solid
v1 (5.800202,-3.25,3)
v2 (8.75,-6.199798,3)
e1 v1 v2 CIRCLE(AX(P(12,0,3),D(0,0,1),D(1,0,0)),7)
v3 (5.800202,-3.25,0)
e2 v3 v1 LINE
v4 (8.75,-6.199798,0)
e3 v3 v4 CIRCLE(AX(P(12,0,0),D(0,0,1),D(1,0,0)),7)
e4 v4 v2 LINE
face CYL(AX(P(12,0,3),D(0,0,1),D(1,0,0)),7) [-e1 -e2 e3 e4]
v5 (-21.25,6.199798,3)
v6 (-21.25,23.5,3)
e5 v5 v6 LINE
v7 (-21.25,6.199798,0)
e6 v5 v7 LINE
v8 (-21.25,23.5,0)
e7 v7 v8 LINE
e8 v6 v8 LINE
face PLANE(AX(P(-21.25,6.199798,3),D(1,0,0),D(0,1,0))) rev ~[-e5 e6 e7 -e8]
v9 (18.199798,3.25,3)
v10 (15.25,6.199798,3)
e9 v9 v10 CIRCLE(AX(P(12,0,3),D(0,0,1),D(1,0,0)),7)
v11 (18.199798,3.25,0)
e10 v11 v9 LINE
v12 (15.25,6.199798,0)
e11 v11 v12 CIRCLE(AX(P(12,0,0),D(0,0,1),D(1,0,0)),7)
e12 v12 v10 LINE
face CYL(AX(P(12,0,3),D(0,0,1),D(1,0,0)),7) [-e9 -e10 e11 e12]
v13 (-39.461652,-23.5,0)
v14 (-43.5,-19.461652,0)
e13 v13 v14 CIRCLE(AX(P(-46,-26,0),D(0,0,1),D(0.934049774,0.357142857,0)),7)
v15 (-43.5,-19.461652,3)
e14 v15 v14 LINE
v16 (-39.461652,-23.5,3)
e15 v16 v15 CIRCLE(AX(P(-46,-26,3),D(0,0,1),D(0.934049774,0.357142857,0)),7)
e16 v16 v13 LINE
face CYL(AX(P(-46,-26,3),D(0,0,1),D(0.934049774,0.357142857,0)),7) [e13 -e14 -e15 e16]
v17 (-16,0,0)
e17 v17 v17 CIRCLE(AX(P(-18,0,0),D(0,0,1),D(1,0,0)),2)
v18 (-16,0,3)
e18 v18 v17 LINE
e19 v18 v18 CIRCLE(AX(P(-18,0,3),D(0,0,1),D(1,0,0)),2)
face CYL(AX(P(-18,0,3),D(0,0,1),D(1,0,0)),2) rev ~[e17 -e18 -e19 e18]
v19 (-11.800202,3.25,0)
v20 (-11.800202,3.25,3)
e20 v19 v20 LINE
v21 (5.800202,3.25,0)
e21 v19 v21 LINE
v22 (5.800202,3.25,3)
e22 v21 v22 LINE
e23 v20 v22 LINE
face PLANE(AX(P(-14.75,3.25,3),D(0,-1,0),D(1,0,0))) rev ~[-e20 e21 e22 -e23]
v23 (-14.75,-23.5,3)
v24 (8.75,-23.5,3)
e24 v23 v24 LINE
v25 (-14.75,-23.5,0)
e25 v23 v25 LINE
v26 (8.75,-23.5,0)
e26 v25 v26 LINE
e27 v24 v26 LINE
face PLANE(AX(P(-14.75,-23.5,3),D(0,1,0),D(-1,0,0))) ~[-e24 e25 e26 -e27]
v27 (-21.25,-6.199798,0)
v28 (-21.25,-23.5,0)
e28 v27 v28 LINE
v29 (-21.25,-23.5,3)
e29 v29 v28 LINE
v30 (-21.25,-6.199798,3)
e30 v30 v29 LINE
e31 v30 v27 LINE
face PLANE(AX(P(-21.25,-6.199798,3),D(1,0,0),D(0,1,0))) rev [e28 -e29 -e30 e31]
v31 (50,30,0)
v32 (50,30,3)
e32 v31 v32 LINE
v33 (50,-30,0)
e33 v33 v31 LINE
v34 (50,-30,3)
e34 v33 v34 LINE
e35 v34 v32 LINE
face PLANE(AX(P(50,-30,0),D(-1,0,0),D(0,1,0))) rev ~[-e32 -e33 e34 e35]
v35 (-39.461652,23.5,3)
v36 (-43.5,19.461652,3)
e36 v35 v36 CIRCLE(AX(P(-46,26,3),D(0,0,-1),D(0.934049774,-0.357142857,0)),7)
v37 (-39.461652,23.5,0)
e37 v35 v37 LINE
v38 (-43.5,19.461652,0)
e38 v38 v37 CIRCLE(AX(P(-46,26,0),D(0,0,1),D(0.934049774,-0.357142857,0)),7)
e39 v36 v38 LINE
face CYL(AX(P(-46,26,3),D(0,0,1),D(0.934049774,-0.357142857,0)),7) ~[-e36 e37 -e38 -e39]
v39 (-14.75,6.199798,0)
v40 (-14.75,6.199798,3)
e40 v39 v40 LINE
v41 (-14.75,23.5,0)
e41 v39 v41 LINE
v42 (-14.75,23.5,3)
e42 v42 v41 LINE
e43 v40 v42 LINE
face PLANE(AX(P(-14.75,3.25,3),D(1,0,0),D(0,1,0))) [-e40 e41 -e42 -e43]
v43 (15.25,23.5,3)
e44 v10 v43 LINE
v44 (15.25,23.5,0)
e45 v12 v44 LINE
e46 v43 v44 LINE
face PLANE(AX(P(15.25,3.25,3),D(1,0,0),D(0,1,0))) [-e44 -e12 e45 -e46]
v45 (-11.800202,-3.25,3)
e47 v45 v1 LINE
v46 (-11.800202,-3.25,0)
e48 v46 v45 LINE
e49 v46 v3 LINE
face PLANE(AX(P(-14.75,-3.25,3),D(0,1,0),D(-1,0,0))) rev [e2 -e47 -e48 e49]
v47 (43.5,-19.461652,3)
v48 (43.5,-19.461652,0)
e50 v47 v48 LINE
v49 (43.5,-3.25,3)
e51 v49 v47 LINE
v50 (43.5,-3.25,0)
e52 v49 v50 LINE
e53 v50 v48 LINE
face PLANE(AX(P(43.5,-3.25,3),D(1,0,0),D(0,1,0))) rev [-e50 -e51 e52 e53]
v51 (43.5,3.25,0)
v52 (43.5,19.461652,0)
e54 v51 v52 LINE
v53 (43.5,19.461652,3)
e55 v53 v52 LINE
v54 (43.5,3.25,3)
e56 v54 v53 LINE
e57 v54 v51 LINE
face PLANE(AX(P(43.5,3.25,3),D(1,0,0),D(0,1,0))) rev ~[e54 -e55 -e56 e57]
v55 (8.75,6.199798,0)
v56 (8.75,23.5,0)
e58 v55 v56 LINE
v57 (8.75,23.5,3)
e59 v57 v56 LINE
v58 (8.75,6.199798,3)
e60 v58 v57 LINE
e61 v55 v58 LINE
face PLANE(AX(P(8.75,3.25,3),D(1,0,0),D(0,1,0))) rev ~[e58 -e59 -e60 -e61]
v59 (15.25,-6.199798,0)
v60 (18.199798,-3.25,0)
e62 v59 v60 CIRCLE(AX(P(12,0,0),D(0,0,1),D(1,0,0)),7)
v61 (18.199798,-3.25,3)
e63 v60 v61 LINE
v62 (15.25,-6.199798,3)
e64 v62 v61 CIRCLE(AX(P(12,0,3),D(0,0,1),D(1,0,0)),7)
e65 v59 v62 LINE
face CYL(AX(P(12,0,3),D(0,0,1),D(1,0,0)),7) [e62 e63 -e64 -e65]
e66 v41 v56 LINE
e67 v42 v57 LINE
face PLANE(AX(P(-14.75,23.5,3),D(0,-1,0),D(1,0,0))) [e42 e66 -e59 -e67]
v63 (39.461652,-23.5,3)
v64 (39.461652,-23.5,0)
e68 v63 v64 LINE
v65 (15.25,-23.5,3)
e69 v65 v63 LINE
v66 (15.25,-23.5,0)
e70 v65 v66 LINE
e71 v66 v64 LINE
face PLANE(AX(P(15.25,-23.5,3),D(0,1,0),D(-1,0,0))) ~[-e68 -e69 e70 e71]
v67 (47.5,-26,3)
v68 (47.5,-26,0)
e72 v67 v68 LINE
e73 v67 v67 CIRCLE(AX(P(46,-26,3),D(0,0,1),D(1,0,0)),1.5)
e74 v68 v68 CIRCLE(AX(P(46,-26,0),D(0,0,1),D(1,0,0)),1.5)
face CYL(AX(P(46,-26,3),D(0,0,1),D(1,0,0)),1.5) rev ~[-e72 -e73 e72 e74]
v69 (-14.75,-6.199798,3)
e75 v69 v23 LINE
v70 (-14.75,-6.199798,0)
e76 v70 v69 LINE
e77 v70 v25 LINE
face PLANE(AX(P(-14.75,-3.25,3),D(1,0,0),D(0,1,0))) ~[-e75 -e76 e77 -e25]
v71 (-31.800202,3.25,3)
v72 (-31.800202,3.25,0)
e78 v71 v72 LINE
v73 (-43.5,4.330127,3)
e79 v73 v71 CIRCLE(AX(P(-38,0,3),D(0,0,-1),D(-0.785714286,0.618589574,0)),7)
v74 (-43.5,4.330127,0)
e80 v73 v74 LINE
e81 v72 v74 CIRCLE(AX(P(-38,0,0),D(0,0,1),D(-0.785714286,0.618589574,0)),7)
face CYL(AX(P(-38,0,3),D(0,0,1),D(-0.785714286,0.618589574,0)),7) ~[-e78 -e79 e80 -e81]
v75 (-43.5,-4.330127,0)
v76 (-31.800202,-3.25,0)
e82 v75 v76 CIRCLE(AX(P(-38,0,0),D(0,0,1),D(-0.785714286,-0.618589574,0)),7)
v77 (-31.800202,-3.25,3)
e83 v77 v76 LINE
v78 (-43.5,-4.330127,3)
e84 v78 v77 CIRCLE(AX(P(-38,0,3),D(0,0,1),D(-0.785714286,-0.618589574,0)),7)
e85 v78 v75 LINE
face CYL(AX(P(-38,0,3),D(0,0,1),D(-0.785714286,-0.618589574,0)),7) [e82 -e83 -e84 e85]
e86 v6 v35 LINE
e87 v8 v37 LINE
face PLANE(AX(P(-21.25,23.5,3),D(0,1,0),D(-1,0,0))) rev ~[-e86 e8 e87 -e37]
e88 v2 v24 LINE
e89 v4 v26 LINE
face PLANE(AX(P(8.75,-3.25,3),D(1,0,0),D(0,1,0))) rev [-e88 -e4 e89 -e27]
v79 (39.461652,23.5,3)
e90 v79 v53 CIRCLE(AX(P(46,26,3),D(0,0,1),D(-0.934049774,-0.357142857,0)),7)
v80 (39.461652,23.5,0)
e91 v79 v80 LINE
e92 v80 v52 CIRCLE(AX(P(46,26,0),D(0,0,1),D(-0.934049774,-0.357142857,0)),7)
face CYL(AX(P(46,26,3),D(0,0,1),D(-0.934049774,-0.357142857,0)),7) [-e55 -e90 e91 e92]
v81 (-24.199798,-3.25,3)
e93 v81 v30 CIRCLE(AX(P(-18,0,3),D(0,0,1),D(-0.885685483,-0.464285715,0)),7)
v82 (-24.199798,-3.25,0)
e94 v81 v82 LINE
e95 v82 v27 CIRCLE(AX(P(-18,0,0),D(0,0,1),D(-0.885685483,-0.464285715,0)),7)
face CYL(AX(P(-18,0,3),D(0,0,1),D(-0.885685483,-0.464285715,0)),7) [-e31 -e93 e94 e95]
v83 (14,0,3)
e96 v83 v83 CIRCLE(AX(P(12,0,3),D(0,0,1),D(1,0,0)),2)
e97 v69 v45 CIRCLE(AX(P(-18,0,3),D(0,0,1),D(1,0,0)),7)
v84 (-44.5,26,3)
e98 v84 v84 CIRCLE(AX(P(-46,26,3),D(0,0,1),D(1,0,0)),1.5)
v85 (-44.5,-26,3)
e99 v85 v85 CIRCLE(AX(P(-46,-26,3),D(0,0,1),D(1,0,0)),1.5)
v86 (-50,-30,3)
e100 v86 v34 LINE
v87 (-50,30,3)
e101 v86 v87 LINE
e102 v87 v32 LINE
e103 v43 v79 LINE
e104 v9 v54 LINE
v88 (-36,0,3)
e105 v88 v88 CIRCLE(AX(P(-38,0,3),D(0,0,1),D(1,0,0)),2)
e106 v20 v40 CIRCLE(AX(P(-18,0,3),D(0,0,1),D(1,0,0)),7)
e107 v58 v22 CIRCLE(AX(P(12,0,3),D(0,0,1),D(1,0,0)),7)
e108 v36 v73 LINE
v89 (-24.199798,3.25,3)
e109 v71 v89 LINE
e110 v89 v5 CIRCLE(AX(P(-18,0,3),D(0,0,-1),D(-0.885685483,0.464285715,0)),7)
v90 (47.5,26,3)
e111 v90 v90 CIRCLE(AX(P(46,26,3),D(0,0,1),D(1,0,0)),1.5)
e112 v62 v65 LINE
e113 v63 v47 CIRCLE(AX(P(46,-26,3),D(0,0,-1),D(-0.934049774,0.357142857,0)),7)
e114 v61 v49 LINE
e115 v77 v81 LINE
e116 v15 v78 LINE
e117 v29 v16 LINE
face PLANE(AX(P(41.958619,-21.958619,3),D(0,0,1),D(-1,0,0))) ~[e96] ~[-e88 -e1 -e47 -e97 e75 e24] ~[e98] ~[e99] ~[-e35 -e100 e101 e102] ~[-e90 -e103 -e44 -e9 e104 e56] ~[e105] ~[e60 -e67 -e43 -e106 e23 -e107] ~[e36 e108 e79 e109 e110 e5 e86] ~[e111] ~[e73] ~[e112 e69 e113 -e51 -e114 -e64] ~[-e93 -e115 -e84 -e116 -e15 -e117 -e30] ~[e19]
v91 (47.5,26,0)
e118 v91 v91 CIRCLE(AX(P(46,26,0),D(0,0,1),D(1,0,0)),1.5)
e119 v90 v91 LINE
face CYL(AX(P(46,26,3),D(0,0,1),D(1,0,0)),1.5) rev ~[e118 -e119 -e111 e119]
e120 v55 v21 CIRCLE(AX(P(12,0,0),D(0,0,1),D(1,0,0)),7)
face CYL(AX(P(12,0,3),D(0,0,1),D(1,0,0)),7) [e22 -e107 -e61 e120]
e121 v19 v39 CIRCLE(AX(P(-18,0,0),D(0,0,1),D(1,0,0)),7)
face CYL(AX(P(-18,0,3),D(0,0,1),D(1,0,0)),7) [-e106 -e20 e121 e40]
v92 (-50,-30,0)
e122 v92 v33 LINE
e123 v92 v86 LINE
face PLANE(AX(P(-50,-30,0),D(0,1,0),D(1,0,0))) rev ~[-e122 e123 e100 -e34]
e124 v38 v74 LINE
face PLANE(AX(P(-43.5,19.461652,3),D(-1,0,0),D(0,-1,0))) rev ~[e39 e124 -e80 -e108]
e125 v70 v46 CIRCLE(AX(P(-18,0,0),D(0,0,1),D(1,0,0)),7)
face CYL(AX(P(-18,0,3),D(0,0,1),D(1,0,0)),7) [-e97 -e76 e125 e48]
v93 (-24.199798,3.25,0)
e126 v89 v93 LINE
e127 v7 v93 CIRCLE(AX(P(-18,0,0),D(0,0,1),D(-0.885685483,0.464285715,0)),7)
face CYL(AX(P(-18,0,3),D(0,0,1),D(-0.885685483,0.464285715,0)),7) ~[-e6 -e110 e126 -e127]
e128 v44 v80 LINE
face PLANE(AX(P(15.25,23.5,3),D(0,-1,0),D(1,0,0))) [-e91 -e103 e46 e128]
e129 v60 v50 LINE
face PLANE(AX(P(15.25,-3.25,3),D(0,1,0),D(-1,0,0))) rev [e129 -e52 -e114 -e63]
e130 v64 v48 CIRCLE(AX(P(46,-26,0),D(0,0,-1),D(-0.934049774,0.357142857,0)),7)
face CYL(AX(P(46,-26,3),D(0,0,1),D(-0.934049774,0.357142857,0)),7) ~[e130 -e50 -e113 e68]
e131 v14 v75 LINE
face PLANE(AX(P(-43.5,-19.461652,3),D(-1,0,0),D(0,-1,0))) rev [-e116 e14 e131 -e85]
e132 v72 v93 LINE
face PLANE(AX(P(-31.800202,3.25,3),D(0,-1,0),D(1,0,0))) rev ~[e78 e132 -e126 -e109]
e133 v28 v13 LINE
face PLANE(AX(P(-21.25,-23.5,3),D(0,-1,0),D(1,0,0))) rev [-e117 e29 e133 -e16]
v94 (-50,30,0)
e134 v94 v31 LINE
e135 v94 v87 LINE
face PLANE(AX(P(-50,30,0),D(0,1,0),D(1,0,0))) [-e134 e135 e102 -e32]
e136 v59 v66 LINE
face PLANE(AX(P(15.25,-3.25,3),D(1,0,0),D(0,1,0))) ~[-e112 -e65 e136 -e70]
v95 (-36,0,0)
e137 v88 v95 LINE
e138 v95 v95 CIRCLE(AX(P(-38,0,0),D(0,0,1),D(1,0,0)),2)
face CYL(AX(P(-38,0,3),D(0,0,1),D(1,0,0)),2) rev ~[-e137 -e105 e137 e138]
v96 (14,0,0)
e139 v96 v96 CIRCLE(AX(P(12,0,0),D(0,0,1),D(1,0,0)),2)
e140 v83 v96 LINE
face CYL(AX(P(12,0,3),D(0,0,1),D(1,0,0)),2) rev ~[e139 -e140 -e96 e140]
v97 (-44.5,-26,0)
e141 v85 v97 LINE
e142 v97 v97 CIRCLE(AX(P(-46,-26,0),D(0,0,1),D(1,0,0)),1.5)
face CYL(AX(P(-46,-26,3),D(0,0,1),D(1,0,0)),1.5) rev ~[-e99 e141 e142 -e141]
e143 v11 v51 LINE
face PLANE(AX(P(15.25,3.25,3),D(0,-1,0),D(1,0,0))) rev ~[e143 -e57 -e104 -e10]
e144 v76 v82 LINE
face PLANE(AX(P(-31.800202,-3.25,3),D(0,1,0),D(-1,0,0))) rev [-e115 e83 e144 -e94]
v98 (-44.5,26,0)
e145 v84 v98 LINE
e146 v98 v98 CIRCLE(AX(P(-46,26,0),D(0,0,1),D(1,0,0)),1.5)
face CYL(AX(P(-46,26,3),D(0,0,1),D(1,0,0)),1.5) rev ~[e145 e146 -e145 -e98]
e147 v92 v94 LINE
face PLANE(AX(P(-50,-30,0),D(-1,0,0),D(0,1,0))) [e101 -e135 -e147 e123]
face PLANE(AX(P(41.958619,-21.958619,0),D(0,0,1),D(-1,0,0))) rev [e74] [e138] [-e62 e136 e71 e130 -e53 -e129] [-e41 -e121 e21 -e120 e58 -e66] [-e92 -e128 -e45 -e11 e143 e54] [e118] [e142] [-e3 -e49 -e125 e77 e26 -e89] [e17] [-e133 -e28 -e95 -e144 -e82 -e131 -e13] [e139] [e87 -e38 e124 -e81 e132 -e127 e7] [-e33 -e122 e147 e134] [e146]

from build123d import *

# Parameters (mm, degrees)
SKETCH1_W           = 100
SKETCH1_H           = 60
BOSS_EXTRUDE1_DEPTH = 3
SKETCH2_R           = 2
SKETCH2_R_2         = 1.5
CUT_EXTRUDE1_DEPTH  = 3
SKETCH3_W           = 23.5
SKETCH3_H           = 20.25
CUT_EXTRUDE2_DEPTH  = 10
CUT_EXTRUDE3_DEPTH  = 10
SKETCH5_W           = 28.25
SKETCH5_H           = 20.25
CUT_EXTRUDE4_DEPTH  = 10
SKETCH6_R           = 7
BOSS_EXTRUDE2_DEPTH = 3
SKETCH7_R           = 2
CUT_EXTRUDE6_DEPTH  = 3
SKETCH9_R           = 7
SKETCH9_R_2         = 2
BOSS_EXTRUDE3_DEPTH = 3
BOSS_EXTRUDE4_DEPTH = 3


with BuildPart() as part:
    # Sketch1 → Boss-Extrude1 (new body)
    with BuildSketch(Plane.XY):
        Rectangle(SKETCH1_W, SKETCH1_H)
    extrude(amount=BOSS_EXTRUDE1_DEPTH)

    # Sketch2 → Cut-Extrude1 (cut)
    with BuildSketch(Plane.XY.offset(3)):
        with Locations((-38, 0)):
            Circle(SKETCH2_R)
        with Locations((-18, 0)):
            Circle(SKETCH2_R)
        with Locations((12, 0)):
            Circle(SKETCH2_R)
        with Locations((-46, 26)):
            Circle(SKETCH2_R_2)
        with Locations((46, 26)):
            Circle(SKETCH2_R_2)
        with Locations((46, -26)):
            Circle(SKETCH2_R_2)
        with Locations((-46, -26)):
            Circle(SKETCH2_R_2)
    extrude(amount=-CUT_EXTRUDE1_DEPTH, mode=Mode.SUBTRACT)

    # Sketch3 → Cut-Extrude2 (cut)
    with BuildSketch(Plane.XY.offset(3)):
        with Locations((-3, 13.375)):
            Rectangle(SKETCH3_W, SKETCH3_H)
    cut_extrude2 = extrude(amount=-CUT_EXTRUDE2_DEPTH, mode=Mode.SUBTRACT)

    # Mirror1: Cut-Extrude2 across plane
    add(cut_extrude2.mirror(Plane.ZX), mode=Mode.SUBTRACT)

    # Sketch4 → Cut-Extrude3 (cut)
    with BuildSketch(Plane.XY.offset(3)):
        with BuildLine():
            Line((-21.25, 23.5), (-39.461651585, 23.5))
            ThreePointArc((-39.461651585, 23.5), (-41.050252532, 21.050252532), (-43.5, 19.461651585))
            Line((-43.5, 19.461651585), (-43.5, 4.330127019))
            ThreePointArc((-43.5, 4.330127019), (-37.356495502, 6.970358812), (-31.800201616, 3.25))
            Line((-31.800201616, 3.25), (-24.199798384, 3.25))
            ThreePointArc((-24.199798384, 3.25), (-22.949747468, 4.949747468), (-21.25, 6.199798384))
            Line((-21.25, 6.199798384), (-21.25, 23.5))
        make_face()
    cut_extrude3 = extrude(amount=-CUT_EXTRUDE3_DEPTH, mode=Mode.SUBTRACT)

    # Mirror2: Cut-Extrude3 across plane
    add(cut_extrude3.mirror(Plane.ZX), mode=Mode.SUBTRACT)

    # Sketch5 → Cut-Extrude4 (cut)
    with BuildSketch(Plane.XY.offset(3)):
        with Locations((29.375, 13.375)):
            Rectangle(SKETCH5_W, SKETCH5_H)
    cut_extrude4 = extrude(amount=-CUT_EXTRUDE4_DEPTH, mode=Mode.SUBTRACT)

    # Sketch6 → Boss-Extrude2 (add)
    with BuildSketch(Plane.XY.offset(3)):
        with Locations((-18, 0)):
            Circle(SKETCH6_R)
    extrude(amount=-BOSS_EXTRUDE2_DEPTH)

    # Sketch7 → Cut-Extrude6 (cut)
    with BuildSketch(Plane.XY.offset(3)):
        with Locations((-18, 0)):
            Circle(SKETCH7_R)
    extrude(amount=-CUT_EXTRUDE6_DEPTH, mode=Mode.SUBTRACT)

    # Mirror4: Cut-Extrude4 across plane
    add(cut_extrude4.mirror(Plane.ZX), mode=Mode.SUBTRACT)

    # Sketch9 → Boss-Extrude3 (add)
    with BuildSketch(Plane.XY.offset(3)):
        with Locations((12, 0)):
            Circle(SKETCH9_R)
        with Locations((12, 0)):
            Circle(SKETCH9_R_2, mode=Mode.SUBTRACT)
    extrude(amount=-BOSS_EXTRUDE3_DEPTH)

    # Sketch11 → Boss-Extrude4 (add)
    with BuildSketch(Plane.XY.offset(3)):
        with BuildLine():
            Line((43.5, 19.461651585), (43.5, 23.5))
            Line((43.5, 23.5), (39.461651585, 23.5))
            ThreePointArc((39.461651585, 23.5), (41.050252532, 21.050252532), (43.5, 19.461651585))
        make_face()
    boss_extrude4 = extrude(amount=-BOSS_EXTRUDE4_DEPTH)

    # Mirror5: Boss-Extrude4 across plane
    add(boss_extrude4.mirror(Plane.ZX))


solid = part.part
